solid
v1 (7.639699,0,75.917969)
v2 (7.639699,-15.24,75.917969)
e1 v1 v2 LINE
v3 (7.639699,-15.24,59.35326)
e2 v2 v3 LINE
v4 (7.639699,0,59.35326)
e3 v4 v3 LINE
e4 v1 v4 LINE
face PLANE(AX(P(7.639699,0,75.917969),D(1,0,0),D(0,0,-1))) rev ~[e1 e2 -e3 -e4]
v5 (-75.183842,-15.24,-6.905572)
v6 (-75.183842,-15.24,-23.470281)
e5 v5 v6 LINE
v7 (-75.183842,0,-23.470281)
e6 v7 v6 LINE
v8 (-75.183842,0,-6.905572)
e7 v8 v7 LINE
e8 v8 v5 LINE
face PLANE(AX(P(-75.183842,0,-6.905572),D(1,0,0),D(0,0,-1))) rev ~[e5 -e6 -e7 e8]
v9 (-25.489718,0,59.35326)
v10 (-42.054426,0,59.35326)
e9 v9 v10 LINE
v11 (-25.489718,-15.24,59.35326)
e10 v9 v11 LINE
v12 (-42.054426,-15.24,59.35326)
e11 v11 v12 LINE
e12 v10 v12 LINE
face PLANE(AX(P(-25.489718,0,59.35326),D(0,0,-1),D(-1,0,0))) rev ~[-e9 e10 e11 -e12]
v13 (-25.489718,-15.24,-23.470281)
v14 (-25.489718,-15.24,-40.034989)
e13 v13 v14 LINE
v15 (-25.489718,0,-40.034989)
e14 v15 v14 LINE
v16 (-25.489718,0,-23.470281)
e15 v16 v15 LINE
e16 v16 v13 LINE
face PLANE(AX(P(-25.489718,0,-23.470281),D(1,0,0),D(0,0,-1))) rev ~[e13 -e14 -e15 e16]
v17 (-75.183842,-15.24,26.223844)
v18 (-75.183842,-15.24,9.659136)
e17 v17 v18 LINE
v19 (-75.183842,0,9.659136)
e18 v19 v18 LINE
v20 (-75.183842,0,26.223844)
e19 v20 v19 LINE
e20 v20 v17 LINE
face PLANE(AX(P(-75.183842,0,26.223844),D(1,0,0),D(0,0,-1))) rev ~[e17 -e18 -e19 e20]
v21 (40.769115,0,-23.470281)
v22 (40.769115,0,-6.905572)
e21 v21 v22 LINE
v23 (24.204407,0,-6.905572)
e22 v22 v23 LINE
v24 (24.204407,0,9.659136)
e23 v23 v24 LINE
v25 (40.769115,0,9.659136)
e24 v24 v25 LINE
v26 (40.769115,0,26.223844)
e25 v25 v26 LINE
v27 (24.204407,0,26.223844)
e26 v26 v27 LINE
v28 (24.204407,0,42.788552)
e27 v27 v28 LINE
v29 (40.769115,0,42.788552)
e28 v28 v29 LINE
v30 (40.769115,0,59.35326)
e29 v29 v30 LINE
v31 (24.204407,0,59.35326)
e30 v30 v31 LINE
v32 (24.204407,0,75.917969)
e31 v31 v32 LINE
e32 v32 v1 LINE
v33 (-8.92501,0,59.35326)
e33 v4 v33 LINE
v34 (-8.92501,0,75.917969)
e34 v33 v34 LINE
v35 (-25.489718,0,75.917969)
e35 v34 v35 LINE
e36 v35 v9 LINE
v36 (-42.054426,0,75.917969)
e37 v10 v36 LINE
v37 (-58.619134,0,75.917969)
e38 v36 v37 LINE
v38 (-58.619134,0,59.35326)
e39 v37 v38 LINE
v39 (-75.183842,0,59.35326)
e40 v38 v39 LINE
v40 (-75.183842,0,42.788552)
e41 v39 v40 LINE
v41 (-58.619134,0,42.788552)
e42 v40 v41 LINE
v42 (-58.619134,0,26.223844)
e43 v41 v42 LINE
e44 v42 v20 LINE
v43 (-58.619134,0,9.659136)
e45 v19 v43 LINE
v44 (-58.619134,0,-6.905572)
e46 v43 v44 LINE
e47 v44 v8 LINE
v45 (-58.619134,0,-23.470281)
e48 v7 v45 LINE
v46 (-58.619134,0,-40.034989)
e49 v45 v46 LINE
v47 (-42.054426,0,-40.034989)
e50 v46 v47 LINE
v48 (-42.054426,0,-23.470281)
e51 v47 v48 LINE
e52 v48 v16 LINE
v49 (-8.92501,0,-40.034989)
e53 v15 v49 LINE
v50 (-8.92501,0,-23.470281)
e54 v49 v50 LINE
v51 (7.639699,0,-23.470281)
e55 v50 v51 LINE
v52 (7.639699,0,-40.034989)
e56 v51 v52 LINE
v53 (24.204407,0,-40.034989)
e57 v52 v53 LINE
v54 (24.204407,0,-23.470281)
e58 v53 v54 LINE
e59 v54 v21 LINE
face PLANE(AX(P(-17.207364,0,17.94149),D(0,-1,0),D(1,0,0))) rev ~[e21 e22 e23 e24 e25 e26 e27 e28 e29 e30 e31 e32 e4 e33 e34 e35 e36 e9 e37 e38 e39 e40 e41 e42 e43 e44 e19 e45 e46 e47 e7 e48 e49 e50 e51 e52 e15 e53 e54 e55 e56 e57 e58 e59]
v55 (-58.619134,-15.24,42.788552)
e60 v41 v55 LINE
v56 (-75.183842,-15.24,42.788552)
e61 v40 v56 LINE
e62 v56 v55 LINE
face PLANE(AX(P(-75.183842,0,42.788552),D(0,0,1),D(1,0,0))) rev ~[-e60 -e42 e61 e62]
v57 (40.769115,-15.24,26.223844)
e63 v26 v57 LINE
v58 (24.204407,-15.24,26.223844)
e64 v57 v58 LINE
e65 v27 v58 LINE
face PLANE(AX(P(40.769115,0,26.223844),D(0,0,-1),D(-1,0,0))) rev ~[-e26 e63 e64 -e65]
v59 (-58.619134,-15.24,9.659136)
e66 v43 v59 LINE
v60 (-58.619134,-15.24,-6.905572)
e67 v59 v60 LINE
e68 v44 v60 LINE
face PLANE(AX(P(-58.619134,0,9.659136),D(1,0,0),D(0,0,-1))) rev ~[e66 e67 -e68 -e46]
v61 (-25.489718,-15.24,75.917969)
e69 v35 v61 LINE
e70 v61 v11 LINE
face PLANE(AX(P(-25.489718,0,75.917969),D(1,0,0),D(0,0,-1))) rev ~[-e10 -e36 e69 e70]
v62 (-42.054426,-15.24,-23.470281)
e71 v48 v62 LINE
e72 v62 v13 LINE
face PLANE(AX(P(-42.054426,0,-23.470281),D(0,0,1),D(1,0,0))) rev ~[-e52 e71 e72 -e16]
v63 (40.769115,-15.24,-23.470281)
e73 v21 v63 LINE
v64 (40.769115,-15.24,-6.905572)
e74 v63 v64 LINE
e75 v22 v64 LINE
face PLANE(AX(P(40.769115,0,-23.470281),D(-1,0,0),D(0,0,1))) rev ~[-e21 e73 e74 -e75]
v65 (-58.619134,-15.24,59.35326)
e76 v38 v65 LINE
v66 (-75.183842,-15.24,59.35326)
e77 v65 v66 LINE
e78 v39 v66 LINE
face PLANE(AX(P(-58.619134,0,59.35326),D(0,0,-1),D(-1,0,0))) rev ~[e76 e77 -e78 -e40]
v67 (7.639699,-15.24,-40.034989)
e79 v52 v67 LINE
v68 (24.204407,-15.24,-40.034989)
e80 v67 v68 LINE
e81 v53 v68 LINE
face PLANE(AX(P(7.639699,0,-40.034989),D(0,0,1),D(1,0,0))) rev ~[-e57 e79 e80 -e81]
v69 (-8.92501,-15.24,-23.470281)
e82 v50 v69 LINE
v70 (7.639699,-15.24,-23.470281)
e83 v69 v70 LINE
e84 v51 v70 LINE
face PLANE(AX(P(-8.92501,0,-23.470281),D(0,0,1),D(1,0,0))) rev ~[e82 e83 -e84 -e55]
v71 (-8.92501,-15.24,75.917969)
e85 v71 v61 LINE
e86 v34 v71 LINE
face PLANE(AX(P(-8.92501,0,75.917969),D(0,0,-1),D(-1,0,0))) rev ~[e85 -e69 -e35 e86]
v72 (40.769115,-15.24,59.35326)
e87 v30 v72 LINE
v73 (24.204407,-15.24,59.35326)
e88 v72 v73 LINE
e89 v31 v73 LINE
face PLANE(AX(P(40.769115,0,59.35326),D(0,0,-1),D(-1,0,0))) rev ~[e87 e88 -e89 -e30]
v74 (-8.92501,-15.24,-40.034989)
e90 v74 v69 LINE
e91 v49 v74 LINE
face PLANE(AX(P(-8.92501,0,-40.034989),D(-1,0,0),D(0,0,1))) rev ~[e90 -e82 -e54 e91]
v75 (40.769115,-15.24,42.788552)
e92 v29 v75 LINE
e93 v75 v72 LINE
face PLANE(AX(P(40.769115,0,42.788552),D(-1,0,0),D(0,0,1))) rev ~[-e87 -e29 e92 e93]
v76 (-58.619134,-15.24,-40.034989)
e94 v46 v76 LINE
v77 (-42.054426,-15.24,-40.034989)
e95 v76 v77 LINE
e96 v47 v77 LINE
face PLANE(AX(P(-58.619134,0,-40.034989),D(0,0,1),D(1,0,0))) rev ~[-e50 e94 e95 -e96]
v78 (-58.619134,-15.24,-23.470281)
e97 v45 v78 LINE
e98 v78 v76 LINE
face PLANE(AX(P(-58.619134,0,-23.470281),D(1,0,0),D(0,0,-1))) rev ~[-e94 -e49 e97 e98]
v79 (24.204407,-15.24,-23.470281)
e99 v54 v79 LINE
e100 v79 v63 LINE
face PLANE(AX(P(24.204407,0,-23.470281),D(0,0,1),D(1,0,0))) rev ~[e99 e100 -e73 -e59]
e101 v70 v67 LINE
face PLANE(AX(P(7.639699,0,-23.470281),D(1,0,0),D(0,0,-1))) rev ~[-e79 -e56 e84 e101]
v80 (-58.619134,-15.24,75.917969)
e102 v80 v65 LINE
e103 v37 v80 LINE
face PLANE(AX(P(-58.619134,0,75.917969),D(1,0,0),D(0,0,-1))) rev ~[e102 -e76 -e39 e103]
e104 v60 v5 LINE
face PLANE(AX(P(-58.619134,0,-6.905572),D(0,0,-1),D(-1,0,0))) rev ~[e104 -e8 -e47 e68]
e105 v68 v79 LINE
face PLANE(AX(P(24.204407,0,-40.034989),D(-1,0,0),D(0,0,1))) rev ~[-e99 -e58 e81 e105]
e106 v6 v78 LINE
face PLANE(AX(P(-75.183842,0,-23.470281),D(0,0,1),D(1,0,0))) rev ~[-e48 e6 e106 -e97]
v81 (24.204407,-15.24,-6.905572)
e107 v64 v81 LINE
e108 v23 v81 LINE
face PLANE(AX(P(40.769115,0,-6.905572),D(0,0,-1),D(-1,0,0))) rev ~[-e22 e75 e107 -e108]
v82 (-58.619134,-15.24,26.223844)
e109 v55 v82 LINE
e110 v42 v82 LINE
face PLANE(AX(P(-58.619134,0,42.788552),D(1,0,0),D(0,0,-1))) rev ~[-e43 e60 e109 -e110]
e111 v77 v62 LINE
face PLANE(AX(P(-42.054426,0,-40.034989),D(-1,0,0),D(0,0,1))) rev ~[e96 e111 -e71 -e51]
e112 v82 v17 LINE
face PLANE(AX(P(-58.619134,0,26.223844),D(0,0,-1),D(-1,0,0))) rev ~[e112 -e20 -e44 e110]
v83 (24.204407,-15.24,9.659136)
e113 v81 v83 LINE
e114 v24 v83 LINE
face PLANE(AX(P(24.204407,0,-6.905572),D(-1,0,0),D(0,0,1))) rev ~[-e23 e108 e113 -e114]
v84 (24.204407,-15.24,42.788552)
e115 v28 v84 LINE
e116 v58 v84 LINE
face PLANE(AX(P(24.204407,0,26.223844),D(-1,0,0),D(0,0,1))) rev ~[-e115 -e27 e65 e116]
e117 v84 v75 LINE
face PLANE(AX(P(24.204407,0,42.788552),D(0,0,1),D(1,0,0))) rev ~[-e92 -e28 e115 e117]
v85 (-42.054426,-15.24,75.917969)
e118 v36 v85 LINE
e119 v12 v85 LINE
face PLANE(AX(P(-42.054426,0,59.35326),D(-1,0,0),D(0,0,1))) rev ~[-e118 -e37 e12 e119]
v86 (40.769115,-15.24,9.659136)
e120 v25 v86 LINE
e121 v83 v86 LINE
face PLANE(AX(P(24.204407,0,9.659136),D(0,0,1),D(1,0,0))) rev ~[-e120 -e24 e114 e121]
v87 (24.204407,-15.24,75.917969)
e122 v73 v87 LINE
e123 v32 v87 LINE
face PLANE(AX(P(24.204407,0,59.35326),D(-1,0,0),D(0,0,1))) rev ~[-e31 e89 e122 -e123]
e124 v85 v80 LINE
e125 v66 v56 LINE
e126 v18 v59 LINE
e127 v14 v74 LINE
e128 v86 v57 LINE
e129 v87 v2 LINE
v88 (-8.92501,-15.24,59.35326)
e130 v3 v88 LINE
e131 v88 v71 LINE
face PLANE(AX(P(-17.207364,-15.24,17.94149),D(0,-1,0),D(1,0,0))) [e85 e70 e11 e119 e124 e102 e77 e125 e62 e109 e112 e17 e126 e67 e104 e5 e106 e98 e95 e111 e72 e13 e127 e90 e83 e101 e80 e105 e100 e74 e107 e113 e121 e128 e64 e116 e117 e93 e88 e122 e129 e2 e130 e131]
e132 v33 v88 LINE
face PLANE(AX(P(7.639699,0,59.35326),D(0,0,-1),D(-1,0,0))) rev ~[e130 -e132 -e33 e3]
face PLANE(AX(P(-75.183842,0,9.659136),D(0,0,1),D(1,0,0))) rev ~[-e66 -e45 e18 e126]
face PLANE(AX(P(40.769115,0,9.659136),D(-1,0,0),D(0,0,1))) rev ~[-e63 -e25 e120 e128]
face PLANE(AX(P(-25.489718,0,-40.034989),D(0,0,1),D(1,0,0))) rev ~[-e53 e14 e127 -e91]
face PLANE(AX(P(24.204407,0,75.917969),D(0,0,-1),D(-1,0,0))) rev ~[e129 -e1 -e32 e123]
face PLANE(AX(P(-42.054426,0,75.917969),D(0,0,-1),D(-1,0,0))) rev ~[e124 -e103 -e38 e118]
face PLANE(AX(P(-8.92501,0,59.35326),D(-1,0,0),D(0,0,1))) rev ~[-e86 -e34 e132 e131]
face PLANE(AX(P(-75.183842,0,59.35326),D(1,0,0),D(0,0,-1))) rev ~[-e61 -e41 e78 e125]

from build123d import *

# Parameters (mm, degrees)
F1_DEPTH = 15.24


with BuildPart() as f1:
    # F0 (on Front) → F1 (new body)
    with BuildSketch(Plane.XZ):
        Polygon((-42.054426, 75.917969), (-58.619134, 75.917969), (-58.619134, 59.35326), (-75.183842, 59.35326), (-75.183842, 42.788552), (-58.619134, 42.788552), (-58.619134, 26.223844), (-75.183842, 26.223844), (-75.183842, 9.659136), (-58.619134, 9.659136), (-58.619134, -6.905572), (-75.183842, -6.905572), (-75.183842, -23.470281), (-58.619134, -23.470281), (-58.619134, -40.034989), (-42.054426, -40.034989), (-42.054426, -23.470281), (-25.489718, -23.470281), (-25.489718, -40.034989), (-8.92501, -40.034989), (-8.92501, -23.470281), (7.639699, -23.470281), (7.639699, -40.034989), (24.204407, -40.034989), (24.204407, -23.470281), (40.769115, -23.470281), (40.769115, -6.905572), (24.204407, -6.905572), (24.204407, 9.659136), (40.769115, 9.659136), (40.769115, 26.223844), (24.204407, 26.223844), (24.204407, 42.788552), (40.769115, 42.788552), (40.769115, 59.35326), (24.204407, 59.35326), (24.204407, 75.917969), (7.639699, 75.917969), (7.639699, 59.35326), (-8.92501, 59.35326), (-8.92501, 75.917969), (-25.489718, 75.917969), (-25.489718, 59.35326), (-42.054426, 59.35326), align=None)
    extrude(amount=F1_DEPTH)


solid = f1.part
